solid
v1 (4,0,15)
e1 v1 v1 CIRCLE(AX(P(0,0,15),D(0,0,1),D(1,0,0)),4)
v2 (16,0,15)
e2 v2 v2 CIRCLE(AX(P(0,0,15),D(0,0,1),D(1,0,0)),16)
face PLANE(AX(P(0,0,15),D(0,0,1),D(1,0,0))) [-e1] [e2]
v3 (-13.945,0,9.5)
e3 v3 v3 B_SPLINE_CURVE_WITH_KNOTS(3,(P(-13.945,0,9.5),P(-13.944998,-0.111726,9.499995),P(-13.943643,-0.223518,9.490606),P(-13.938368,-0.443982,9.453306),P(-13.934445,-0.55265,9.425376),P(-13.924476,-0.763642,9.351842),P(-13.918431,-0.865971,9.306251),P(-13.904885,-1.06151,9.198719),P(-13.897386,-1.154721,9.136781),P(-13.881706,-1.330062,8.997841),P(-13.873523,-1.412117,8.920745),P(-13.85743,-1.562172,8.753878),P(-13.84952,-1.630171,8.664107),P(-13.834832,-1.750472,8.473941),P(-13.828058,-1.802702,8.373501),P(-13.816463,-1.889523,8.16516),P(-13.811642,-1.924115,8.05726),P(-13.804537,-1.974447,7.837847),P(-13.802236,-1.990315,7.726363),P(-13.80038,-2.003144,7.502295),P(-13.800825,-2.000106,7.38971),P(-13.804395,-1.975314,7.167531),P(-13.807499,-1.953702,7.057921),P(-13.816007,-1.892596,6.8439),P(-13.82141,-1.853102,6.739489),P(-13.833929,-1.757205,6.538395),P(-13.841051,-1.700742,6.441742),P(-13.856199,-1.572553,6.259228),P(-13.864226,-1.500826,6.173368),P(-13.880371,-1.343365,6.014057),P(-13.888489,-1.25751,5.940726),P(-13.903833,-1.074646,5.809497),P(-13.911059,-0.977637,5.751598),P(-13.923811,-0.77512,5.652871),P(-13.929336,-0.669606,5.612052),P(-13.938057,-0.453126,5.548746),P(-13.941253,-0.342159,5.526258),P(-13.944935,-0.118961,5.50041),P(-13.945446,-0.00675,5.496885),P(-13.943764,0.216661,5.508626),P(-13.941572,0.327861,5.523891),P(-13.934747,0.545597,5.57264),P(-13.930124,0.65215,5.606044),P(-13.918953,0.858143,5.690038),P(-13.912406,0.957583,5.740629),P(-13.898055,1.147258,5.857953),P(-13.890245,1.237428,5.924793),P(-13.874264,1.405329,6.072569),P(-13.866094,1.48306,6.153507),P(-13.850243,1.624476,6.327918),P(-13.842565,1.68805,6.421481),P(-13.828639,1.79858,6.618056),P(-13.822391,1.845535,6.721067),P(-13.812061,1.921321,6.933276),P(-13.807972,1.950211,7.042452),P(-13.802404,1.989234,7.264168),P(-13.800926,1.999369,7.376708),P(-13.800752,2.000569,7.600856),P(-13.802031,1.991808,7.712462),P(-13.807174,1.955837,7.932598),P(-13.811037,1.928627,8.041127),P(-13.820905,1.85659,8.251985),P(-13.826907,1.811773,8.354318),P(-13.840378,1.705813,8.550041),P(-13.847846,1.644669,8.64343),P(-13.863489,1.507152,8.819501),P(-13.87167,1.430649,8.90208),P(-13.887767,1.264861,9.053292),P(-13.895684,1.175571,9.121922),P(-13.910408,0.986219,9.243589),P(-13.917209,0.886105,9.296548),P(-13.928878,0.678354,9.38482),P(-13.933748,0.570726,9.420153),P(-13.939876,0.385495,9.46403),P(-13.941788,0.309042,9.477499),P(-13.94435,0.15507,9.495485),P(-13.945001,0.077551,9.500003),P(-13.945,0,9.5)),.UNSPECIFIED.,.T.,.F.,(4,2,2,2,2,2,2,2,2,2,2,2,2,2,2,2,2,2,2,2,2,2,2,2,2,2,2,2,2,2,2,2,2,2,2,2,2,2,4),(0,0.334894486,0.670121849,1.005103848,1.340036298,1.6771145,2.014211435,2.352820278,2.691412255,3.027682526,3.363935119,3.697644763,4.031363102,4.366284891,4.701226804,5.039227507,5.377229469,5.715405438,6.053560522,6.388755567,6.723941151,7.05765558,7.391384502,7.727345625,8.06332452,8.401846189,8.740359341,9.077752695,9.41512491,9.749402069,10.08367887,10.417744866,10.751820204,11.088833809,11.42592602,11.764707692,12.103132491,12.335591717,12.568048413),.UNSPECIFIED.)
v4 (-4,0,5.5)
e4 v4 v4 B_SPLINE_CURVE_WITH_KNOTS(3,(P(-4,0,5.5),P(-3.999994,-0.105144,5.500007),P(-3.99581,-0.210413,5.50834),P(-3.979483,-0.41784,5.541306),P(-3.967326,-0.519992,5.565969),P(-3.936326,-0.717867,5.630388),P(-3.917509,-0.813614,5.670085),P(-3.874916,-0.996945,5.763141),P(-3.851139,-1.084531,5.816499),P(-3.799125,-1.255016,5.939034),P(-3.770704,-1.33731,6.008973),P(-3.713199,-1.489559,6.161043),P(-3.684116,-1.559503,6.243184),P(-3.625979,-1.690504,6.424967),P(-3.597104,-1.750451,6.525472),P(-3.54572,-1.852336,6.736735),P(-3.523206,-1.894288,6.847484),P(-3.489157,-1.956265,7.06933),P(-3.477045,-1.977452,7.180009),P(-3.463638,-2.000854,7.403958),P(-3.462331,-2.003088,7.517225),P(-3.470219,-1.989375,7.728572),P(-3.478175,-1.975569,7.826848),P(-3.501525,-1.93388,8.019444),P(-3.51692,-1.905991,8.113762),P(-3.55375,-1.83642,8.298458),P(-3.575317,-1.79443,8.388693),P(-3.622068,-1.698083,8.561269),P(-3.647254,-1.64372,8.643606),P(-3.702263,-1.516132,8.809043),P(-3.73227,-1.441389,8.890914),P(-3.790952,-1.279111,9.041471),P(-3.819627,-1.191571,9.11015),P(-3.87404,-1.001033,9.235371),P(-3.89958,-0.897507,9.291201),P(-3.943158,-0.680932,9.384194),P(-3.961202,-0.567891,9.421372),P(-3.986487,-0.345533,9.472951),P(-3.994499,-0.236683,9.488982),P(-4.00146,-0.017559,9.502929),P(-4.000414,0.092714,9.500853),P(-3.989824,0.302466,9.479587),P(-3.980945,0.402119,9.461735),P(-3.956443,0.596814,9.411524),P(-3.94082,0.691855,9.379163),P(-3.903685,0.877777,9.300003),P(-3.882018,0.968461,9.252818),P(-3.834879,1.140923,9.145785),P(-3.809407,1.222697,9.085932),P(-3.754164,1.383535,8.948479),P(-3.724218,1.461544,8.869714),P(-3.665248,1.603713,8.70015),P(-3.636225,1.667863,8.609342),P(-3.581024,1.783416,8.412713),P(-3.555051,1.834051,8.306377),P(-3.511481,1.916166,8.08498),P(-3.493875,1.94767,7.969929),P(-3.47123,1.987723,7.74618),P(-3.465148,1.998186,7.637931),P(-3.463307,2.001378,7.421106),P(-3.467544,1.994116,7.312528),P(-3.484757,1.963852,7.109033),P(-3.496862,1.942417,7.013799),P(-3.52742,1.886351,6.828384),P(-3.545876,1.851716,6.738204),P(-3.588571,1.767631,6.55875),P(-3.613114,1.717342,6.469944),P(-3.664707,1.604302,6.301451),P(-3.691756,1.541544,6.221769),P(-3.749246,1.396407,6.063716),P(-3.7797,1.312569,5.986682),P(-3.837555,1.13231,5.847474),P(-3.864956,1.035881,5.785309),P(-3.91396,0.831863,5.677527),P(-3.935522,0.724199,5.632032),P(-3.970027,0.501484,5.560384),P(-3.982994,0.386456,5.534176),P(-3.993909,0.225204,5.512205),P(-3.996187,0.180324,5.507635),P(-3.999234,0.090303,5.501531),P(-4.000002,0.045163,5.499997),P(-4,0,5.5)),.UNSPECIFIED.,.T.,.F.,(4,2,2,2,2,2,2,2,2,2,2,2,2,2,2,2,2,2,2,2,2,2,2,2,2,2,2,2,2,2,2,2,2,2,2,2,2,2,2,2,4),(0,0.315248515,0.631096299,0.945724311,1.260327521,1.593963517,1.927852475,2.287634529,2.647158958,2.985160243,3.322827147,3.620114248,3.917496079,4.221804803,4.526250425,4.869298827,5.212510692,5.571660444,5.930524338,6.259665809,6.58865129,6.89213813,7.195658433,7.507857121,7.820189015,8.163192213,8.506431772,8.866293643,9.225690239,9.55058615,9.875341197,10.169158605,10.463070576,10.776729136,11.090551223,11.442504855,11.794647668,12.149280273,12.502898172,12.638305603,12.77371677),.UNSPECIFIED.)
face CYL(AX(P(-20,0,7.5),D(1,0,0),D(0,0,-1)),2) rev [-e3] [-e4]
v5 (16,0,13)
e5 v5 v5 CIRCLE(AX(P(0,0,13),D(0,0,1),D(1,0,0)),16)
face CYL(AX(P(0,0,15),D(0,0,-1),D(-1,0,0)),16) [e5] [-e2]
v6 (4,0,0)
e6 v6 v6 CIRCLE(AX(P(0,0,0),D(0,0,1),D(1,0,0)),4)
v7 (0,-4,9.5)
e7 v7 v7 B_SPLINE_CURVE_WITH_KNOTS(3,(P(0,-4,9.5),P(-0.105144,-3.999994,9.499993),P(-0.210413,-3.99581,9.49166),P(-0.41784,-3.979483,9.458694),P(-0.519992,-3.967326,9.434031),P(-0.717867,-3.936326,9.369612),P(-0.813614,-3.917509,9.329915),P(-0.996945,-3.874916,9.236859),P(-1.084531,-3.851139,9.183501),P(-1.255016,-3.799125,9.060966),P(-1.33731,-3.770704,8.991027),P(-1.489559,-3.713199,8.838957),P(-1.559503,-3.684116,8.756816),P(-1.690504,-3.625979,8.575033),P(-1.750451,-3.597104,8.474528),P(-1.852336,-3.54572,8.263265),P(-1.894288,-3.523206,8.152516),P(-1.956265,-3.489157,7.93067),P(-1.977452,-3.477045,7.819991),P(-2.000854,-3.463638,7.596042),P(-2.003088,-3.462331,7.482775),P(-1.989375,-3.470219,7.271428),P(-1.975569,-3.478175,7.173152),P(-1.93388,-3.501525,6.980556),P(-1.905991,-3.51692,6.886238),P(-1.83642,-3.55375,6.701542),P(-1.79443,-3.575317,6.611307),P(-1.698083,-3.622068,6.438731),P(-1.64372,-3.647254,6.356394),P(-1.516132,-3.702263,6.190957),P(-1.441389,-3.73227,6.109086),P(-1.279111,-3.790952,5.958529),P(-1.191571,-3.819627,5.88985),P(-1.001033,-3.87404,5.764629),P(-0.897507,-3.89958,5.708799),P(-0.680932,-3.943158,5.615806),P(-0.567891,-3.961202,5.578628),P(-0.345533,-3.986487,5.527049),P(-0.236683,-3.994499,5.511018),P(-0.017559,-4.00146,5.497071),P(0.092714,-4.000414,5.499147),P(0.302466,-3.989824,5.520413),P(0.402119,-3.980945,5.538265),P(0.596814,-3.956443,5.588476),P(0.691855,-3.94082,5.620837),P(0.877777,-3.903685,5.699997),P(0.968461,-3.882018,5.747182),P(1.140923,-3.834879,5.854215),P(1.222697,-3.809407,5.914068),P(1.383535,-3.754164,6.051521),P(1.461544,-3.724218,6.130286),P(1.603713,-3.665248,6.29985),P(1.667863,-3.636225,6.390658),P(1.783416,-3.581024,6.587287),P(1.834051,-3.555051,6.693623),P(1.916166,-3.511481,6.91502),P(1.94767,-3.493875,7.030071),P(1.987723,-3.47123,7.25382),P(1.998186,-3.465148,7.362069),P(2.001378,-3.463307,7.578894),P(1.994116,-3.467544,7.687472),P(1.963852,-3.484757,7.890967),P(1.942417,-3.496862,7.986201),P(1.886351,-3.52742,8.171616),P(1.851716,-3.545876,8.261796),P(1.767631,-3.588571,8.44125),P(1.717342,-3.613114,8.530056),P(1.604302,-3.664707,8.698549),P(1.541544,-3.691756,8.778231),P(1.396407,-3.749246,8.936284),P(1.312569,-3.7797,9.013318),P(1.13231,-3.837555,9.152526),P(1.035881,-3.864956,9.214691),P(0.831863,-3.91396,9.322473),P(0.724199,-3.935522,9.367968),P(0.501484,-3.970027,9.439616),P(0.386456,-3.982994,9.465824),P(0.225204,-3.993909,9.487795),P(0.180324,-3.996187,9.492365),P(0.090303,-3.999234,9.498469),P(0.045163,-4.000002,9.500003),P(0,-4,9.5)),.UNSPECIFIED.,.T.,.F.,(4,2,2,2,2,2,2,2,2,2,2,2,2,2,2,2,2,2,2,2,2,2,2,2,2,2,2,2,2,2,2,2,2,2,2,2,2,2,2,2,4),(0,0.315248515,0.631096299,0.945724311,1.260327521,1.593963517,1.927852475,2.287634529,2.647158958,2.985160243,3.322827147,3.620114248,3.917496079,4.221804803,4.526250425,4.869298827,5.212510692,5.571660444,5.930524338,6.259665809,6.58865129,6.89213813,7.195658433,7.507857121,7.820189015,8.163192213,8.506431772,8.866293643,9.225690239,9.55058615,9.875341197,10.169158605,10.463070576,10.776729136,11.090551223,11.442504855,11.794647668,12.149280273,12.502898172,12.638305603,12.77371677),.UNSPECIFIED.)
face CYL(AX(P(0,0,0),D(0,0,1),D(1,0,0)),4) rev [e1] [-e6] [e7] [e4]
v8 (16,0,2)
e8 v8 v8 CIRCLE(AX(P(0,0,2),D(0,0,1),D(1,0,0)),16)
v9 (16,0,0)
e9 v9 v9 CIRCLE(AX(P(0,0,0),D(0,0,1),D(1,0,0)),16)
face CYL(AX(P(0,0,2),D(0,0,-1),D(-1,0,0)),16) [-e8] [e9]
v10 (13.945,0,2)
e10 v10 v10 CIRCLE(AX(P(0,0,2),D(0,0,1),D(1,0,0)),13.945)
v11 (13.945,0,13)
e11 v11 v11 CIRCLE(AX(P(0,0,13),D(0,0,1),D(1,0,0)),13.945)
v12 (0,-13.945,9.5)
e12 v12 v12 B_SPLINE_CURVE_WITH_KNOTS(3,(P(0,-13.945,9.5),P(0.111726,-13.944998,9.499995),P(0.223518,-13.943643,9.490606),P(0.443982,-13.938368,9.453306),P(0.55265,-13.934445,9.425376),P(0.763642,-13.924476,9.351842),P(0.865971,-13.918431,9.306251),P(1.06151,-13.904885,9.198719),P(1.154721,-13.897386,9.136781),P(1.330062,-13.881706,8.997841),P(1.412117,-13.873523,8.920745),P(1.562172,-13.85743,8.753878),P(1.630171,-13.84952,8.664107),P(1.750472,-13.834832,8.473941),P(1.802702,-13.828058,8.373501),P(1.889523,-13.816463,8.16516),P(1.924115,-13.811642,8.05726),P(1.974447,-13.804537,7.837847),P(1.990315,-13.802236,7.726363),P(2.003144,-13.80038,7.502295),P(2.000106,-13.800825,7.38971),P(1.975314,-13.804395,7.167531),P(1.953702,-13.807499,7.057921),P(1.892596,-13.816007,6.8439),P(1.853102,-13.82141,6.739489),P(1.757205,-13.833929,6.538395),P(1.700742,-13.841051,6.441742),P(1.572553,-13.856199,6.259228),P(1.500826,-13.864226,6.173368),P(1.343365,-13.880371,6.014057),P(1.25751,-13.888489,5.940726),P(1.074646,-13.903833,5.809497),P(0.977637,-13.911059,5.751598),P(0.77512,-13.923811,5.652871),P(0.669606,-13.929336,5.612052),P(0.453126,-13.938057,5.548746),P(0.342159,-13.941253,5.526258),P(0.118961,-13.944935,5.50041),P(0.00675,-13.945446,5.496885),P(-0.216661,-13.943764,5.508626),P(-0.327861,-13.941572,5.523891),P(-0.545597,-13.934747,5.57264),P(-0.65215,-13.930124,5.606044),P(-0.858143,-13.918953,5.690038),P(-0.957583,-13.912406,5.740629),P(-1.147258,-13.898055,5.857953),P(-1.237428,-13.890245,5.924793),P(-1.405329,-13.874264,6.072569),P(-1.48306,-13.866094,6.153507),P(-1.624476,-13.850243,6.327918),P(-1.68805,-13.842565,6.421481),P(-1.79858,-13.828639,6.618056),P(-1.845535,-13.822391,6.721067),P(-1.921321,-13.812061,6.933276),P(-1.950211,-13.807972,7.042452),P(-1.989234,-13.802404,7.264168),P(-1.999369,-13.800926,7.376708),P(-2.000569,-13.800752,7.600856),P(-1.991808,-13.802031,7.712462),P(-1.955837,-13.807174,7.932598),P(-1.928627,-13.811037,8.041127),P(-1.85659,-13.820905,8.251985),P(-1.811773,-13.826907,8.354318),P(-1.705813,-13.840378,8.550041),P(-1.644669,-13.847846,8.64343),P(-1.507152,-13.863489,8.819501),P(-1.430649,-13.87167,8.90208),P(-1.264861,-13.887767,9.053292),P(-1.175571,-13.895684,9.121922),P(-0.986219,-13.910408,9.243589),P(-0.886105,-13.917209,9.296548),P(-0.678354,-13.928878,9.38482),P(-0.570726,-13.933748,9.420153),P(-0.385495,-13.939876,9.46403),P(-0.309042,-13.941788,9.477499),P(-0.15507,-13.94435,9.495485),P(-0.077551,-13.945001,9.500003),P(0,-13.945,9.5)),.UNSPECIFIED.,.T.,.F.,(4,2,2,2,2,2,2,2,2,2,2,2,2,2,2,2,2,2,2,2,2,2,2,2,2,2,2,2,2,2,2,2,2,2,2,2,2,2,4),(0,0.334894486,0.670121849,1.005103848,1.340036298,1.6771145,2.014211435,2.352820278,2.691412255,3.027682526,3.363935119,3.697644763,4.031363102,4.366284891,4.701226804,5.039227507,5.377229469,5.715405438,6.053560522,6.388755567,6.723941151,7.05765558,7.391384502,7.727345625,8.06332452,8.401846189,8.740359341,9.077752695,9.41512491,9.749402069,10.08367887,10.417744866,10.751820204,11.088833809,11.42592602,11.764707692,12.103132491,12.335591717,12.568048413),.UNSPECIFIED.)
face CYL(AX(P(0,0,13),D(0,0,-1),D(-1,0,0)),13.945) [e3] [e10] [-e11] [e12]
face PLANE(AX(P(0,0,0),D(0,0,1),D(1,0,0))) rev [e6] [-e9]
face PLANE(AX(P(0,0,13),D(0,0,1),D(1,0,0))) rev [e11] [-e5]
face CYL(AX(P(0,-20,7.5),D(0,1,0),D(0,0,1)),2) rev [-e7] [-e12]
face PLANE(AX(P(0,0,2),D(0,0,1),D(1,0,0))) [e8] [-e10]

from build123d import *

# Parameters (mm, degrees)
SKETCH_1_R          = 16
EXTRUDE_1_DEPTH     = 2
SKETCH_2_R          = 13.945
EXTRUDE_2_DEPTH     = 11
SKETCH_3_R          = 16
EXTRUDE_3_DEPTH     = 2
SKETCH_4_R          = 4
CUT_EXTRUDE_1_DEPTH = 15
SKETCH_5_R          = 2
CUT_EXTRUDE_2_DEPTH = 20
SKETCH_8_R          = 2
CUT_EXTRUDE_3_DEPTH = 20


with BuildPart() as part:
    # 草图1 → 凸台-拉伸1 (new body)
    with BuildSketch(Plane.XY):
        Circle(SKETCH_1_R)
    extrude(amount=EXTRUDE_1_DEPTH)

    # 草图2 → 凸台-拉伸2 (add)
    with BuildSketch(Plane.XY.offset(2)):
        Circle(SKETCH_2_R)
    extrude(amount=EXTRUDE_2_DEPTH)

    # 草图3 → 凸台-拉伸3 (add)
    with BuildSketch(Plane.XY.offset(13)):
        Circle(SKETCH_3_R)
    extrude(amount=EXTRUDE_3_DEPTH)

    # 草图4 → 切除-拉伸1 (cut)
    with BuildSketch(Plane.XY.offset(15)):
        Circle(SKETCH_4_R)
    extrude(amount=-CUT_EXTRUDE_1_DEPTH, mode=Mode.SUBTRACT)

    # 草图5 → 切除-拉伸2 (cut)
    with BuildSketch(Plane(origin=(0, 0, 0), x_dir=(1, 0, 0), z_dir=(0, 1, 0))):
        with Locations(Location((0, -7.5, 0), (0, 0, 270))):
            Circle(SKETCH_5_R)
    extrude(amount=-CUT_EXTRUDE_2_DEPTH, mode=Mode.SUBTRACT)

    # 草图8 → 切除-拉伸3 (cut)
    with BuildSketch(Plane(origin=(0, 0, 0), x_dir=(0, 0, -1), z_dir=(1, 0, 0))):
        with Locations((-7.5, 0)):
            Circle(SKETCH_8_R)
    extrude(amount=-CUT_EXTRUDE_3_DEPTH, mode=Mode.SUBTRACT)


solid = part.part
